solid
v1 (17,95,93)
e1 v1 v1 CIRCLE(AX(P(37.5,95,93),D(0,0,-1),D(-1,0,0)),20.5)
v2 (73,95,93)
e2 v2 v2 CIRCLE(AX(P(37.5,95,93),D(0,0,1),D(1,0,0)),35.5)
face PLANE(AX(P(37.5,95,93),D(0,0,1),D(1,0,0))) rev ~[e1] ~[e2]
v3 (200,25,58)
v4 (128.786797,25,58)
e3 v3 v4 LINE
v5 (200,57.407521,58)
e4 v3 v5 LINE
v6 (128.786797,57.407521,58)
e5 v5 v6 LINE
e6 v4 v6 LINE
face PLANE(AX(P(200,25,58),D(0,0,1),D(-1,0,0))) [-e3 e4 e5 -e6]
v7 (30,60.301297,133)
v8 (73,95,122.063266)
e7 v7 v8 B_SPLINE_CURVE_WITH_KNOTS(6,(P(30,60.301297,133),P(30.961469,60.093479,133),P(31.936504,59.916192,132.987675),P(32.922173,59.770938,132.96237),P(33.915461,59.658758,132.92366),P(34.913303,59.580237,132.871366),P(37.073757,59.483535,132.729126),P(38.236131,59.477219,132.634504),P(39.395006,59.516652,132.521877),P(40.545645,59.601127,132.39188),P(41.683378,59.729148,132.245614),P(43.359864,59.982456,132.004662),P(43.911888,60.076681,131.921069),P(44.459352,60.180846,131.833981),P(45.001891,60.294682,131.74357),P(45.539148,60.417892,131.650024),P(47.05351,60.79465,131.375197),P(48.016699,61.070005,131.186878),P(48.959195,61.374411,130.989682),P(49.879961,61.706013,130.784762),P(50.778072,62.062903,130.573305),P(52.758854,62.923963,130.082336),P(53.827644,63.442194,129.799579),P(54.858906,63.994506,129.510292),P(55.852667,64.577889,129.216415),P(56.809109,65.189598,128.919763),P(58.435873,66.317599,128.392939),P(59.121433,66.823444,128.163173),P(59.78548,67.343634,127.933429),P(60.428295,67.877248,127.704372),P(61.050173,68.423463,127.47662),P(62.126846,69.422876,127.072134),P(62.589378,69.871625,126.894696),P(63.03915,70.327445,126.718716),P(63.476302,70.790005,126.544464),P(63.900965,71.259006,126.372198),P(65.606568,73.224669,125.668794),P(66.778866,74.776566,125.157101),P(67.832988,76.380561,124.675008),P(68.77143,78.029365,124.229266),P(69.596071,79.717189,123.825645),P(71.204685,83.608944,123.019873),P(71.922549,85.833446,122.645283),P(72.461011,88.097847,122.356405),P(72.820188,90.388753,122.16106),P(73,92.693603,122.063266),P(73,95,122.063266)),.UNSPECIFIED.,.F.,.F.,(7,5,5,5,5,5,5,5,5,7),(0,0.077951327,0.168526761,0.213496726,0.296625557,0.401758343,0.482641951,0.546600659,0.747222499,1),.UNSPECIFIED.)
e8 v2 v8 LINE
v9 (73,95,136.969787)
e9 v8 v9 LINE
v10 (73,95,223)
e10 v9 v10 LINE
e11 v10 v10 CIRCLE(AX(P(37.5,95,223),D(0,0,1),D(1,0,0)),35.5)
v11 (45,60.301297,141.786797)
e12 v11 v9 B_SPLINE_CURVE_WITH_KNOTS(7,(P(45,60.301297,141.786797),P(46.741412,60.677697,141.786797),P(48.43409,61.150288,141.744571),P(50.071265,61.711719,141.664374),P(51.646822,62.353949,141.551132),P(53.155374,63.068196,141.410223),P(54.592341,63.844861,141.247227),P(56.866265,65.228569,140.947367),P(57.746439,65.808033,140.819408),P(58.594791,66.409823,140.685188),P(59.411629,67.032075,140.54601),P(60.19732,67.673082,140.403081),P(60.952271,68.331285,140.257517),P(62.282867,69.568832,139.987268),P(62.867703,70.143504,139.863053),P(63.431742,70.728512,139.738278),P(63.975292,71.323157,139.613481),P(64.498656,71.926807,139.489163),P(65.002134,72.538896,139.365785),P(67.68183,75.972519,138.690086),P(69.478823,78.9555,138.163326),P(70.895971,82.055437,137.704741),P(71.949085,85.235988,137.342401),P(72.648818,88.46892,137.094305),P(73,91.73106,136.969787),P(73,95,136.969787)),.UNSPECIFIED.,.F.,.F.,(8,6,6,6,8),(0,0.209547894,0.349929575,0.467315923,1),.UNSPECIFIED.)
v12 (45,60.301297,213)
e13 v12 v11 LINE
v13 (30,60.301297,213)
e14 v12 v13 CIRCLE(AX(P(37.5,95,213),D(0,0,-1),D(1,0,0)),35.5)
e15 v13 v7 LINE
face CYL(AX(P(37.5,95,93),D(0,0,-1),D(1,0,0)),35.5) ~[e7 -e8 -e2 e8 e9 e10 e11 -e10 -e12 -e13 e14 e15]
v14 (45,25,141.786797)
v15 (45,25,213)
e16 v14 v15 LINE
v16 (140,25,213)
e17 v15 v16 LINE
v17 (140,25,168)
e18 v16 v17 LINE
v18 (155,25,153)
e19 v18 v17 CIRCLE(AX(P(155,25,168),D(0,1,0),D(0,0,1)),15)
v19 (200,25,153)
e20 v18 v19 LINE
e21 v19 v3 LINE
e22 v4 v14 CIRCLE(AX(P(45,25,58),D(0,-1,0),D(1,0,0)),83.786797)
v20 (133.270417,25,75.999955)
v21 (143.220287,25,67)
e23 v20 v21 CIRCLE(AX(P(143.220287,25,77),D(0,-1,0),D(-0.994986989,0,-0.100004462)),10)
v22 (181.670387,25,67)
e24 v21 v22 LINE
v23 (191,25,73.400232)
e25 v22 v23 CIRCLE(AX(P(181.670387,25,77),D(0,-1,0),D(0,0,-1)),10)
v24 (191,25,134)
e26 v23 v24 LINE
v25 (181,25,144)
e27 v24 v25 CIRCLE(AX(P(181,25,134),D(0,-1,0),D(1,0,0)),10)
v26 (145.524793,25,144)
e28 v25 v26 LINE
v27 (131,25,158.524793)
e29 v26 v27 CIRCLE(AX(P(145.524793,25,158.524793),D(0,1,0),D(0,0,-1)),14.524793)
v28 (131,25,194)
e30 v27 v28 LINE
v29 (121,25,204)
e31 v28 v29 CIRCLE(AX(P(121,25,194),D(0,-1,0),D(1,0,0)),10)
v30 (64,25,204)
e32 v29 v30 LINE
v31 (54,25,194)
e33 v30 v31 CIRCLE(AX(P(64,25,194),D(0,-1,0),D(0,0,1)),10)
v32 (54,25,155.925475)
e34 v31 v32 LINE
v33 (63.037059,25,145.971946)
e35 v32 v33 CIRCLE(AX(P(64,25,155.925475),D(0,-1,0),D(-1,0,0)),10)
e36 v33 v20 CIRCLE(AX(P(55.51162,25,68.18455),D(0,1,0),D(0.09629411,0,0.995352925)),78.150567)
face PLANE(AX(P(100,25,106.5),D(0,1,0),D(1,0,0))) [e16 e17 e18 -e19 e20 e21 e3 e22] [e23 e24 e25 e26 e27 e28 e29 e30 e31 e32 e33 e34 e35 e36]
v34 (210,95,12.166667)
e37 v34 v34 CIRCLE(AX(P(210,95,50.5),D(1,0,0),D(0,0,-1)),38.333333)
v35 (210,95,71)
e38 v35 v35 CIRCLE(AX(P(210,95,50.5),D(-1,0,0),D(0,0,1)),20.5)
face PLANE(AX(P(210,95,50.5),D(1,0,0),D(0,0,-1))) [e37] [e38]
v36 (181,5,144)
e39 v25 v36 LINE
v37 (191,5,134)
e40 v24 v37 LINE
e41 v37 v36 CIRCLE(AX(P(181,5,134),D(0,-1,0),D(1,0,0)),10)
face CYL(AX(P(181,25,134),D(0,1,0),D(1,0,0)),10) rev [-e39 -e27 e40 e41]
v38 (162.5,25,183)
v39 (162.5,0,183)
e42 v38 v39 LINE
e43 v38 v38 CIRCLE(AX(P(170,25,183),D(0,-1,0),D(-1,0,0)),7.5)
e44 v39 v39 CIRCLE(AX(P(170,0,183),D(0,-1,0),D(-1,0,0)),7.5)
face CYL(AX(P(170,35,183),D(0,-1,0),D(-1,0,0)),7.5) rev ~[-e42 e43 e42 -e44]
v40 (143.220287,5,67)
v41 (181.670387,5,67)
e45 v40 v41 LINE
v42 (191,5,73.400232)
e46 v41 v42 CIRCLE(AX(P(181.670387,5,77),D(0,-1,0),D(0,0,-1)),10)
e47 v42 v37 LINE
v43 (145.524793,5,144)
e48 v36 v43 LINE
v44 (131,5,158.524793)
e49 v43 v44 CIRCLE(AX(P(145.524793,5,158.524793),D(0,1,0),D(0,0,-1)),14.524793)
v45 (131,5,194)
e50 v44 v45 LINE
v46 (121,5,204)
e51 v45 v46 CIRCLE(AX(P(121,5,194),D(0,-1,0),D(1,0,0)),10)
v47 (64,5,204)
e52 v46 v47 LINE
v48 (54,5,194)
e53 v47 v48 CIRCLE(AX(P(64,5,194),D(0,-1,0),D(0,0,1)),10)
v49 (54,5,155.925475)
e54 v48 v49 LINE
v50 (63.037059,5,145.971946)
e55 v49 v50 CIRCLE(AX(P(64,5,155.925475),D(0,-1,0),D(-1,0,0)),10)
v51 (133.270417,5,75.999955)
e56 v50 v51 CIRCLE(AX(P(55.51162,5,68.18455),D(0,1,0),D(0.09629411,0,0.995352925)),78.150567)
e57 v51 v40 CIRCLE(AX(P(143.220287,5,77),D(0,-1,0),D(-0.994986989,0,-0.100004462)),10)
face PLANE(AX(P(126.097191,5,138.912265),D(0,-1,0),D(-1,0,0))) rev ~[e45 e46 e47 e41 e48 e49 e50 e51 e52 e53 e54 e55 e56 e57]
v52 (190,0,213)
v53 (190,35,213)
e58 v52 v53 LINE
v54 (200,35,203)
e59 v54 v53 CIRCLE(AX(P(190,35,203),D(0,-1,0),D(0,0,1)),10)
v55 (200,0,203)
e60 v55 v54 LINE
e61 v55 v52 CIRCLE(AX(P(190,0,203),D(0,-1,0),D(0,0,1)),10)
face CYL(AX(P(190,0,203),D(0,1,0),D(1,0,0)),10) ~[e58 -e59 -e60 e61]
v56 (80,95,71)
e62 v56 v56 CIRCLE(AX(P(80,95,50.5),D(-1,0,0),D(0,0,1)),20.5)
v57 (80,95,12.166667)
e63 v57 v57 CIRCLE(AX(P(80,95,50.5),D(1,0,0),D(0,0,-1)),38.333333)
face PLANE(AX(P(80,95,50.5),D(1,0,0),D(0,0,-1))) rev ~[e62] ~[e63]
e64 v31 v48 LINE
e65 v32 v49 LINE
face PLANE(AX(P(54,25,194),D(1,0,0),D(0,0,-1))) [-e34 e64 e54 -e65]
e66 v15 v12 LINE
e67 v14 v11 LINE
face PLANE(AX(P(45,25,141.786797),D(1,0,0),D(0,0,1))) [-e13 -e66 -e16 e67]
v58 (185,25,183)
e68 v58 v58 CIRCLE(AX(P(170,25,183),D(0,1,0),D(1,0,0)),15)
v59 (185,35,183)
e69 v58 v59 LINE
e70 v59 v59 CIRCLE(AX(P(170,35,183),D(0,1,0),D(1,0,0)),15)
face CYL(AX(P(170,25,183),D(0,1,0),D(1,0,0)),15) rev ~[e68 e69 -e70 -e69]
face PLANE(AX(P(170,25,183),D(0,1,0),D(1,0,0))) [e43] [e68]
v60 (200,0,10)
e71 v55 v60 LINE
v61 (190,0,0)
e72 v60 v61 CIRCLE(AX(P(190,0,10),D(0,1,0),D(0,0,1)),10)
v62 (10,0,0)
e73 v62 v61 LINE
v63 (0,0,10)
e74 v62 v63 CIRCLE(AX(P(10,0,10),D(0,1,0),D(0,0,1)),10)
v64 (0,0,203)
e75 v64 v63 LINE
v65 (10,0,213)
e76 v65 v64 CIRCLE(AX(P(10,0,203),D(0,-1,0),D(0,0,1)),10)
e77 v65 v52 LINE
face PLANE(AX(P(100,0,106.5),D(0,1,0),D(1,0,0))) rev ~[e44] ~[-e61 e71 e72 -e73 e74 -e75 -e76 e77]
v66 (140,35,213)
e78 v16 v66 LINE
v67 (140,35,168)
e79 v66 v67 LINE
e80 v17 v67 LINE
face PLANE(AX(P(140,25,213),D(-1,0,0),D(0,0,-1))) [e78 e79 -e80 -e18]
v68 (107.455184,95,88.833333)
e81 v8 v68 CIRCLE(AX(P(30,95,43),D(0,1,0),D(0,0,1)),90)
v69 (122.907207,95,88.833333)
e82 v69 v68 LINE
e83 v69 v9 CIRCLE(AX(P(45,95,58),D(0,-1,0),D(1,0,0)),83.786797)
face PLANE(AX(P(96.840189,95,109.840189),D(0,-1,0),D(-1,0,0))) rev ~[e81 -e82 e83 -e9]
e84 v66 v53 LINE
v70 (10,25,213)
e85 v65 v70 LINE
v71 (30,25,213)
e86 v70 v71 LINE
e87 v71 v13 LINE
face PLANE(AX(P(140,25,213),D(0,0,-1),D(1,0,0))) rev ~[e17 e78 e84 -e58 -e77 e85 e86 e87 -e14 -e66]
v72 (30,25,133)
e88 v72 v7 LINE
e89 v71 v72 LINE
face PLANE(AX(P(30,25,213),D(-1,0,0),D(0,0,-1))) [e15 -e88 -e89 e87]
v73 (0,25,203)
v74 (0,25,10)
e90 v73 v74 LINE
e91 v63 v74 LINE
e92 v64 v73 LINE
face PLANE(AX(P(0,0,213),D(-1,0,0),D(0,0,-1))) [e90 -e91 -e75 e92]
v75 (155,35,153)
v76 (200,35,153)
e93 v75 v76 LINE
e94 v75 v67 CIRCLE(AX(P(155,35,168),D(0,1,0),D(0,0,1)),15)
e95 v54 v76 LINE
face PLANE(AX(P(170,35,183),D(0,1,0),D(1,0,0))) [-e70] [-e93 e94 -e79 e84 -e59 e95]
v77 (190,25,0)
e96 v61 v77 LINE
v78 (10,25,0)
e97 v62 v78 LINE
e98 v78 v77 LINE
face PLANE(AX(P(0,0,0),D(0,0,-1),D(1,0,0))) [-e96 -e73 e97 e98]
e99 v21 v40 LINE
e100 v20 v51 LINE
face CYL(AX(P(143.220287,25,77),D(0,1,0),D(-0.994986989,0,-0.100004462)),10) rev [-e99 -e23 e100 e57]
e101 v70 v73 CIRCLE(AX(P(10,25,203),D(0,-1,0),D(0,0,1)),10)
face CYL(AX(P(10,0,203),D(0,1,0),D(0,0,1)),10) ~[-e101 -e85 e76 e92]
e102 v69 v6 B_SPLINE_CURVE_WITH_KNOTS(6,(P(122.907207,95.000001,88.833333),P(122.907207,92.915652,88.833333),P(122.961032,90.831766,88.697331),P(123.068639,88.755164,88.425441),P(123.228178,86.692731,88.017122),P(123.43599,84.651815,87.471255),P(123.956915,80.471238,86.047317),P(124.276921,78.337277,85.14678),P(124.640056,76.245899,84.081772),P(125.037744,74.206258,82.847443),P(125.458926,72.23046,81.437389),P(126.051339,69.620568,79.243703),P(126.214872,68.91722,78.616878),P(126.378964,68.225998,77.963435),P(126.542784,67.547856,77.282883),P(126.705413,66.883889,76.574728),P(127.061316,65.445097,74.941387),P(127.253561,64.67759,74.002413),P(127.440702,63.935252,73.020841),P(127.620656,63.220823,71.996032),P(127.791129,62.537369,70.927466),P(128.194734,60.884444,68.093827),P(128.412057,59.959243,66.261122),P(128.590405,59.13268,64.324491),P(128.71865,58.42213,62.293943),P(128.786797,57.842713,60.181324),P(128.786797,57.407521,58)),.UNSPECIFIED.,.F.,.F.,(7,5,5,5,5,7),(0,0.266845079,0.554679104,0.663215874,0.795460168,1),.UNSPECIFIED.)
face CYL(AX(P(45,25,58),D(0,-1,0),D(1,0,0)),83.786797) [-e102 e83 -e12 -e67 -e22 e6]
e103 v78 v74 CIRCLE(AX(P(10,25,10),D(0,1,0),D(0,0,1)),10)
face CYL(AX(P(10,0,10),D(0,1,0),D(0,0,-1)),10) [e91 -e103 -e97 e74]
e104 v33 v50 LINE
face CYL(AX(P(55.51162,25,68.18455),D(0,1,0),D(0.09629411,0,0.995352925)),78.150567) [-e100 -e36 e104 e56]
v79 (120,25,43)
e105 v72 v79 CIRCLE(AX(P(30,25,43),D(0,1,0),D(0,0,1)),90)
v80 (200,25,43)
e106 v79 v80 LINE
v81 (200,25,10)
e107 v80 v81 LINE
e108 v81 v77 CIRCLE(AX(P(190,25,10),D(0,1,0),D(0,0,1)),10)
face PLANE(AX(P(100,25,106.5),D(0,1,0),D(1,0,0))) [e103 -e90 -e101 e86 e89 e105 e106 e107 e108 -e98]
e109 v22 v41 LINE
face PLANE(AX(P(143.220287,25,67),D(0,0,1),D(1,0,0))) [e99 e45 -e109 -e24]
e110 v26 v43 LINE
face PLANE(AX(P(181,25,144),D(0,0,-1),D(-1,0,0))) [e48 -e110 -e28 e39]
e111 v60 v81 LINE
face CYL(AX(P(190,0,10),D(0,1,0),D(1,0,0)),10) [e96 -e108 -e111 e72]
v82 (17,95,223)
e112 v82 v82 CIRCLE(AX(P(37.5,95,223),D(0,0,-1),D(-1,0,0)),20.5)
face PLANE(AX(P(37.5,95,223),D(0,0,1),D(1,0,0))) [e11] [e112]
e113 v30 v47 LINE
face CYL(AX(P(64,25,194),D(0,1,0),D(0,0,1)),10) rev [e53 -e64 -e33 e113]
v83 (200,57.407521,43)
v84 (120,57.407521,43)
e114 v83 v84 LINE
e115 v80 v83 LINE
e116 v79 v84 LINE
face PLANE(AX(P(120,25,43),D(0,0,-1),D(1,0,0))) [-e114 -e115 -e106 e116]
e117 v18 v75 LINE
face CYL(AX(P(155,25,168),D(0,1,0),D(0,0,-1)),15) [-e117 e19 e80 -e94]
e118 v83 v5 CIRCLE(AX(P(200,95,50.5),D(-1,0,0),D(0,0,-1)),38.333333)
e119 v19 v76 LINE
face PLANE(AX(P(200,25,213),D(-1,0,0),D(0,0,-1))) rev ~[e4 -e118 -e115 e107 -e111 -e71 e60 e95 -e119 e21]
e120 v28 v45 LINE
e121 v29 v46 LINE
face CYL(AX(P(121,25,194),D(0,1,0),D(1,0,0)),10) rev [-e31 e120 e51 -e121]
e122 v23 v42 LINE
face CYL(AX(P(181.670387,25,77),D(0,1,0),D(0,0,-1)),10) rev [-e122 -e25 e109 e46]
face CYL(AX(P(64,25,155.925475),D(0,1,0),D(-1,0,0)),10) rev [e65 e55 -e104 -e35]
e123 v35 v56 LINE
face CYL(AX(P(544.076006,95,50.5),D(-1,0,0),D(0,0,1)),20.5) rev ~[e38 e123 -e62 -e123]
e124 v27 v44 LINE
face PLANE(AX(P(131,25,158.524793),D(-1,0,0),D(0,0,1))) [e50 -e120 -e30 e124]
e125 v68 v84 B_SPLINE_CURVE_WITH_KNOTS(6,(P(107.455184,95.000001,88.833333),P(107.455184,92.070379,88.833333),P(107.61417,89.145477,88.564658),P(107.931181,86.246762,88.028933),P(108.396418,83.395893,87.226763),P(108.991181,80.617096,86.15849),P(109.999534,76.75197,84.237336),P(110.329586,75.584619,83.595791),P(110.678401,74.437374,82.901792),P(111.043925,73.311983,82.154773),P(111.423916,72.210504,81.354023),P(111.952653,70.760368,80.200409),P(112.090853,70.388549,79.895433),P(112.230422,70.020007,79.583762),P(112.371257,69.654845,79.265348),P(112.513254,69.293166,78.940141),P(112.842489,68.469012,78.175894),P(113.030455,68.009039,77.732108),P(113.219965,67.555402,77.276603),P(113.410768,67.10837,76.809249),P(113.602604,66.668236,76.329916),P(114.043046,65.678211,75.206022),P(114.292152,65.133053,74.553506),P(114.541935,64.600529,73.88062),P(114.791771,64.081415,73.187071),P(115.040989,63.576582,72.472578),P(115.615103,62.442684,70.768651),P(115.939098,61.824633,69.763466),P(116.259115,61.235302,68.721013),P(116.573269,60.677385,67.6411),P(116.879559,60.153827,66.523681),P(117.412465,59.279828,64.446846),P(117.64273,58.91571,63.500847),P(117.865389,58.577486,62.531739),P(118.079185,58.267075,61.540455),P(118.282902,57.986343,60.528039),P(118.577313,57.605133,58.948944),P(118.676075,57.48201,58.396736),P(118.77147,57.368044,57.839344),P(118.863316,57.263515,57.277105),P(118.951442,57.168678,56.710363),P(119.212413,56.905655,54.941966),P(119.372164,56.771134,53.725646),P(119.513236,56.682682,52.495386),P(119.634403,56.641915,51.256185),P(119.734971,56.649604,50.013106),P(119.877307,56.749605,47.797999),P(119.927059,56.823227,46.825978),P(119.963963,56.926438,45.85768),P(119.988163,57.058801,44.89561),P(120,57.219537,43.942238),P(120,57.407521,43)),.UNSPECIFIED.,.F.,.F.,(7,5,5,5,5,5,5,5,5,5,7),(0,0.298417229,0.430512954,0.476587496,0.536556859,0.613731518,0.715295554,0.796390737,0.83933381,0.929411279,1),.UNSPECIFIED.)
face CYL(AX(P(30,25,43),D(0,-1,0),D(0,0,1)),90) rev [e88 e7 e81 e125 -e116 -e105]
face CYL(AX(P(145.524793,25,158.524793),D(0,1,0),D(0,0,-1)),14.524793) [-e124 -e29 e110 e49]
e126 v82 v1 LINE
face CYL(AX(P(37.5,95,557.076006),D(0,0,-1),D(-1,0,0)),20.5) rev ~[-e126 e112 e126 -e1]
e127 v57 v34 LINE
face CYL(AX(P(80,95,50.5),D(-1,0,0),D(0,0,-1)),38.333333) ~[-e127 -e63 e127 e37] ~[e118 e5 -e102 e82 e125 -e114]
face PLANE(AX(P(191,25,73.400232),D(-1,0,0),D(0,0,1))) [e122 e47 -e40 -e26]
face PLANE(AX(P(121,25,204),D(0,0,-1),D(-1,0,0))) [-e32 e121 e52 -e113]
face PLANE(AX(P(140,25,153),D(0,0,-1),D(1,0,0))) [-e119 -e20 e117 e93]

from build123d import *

# Parameters (mm, degrees)
SKETCH1_W                               = 200
SKETCH1_H                               = 213
BOSS_EXTRUDE1_DEPTH                     = 25
SKETCH2_W                               = 60
SKETCH2_H                               = 60
BOSS_EXTRUDE2_DEPTH                     = 10
CUT_EXTRUDE1_DEPTH                      = 20
BOSS_EXTRUDE3_DEPTH                     = 70
BOSS_EXTRUDE5_DEPTH                     = 10
BOSS_EXTRUDE5_DEPTH_BACK                = 120
SKETCH6_R                               = 35.5
BOSS_EXTRUDE6_DEPTH                     = 10
BOSS_EXTRUDE6_DEPTH_BACK                = 120
SKETCH7_R                               = 38.333333333
F_12_0_41_DIAMETER_HOLE1_D              = 41
F_12_0MM_DOWEL_HOLE1_D                  = 41
CBORE_FOR_M8_HEX_HEAD_BOLT1_D           = 15
CBORE_FOR_M8_HEX_HEAD_BOLT1_CBORE_D     = 30
CBORE_FOR_M8_HEX_HEAD_BOLT1_CBORE_DEPTH = 10
FILLET1_R                               = 10
FILLET2_R                               = 15


with BuildPart() as part:
    # Sketch1 → Boss-Extrude1 (new body)
    with BuildSketch(Plane(origin=(0, 0, 0), x_dir=(1, 0, 0), z_dir=(0, 1, 0))):
        with Locations((100, -106.5)):
            Rectangle(SKETCH1_W, SKETCH1_H)
    extrude(amount=BOSS_EXTRUDE1_DEPTH)

    # Sketch2 → Boss-Extrude2 (add)
    with BuildSketch(Plane(origin=(0, 25, 0), x_dir=(1, 0, 0), z_dir=(0, 1, 0))):
        with Locations((170, -183)):
            Rectangle(SKETCH2_W, SKETCH2_H)
    extrude(amount=BOSS_EXTRUDE2_DEPTH)

    # Sketch5 → Cut-Extrude1 (cut)
    with BuildSketch(Plane(origin=(0, 25, 0), x_dir=(1, 0, 0), z_dir=(0, 1, 0))):
        with BuildLine():
            Line((191, -73.400231973), (191, -134))
            ThreePointArc((191, -134), (188.071067812, -141.071067812), (181, -144))
            Line((181, -144), (145.524792721, -144))
            ThreePointArc((145.524792721, -144), (135.254213293, -148.254213293), (131, -158.524792721))
            Line((131, -158.524792721), (131, -194))
            ThreePointArc((131, -194), (128.071067812, -201.071067812), (121, -204))
            Line((121, -204), (64, -204))
            ThreePointArc((64, -204), (56.928932188, -201.071067812), (54, -194))
            Line((54, -194), (54, -155.925475005))
            ThreePointArc((54, -155.925475005), (56.596304606, -149.203474223), (63.037058903, -145.97194576))
            ThreePointArc((63.037058903, -145.97194576), (110.669303842, -123.548265985), (133.270417334, -75.999955378))
            ThreePointArc((133.270417334, -75.999955378), (136.512099917, -69.583786471), (143.22028722, -67))
            Line((143.22028722, -67), (181.67038746, -67))
            ThreePointArc((181.67038746, -67), (187.327344227, -68.753859076), (191, -73.400231973))
        make_face()
    extrude(amount=-CUT_EXTRUDE1_DEPTH, mode=Mode.SUBTRACT)

    # Sketch3 → Boss-Extrude3 (add)
    with BuildSketch(Plane(origin=(0, 25, 0), x_dir=(1, 0, 0), z_dir=(0, 1, 0))):
        with BuildLine():
            Line((30, -213), (30, -133))
            ThreePointArc((30, -133), (93.639610307, -106.639610307), (120, -43))
            Line((120, -43), (200, -43))
            Line((200, -43), (200, -58))
            Line((200, -58), (128.786796564, -58))
            ThreePointArc((128.786796564, -58), (104.246212025, -117.246212025), (45, -141.786796564))
            Line((45, -141.786796564), (45, -213))
            Line((45, -213), (30, -213))
        make_face()
    extrude(amount=BOSS_EXTRUDE3_DEPTH)

    # Sketch6 → Boss-Extrude5 (add, two sides: drawn at the far end of the back side and taken through both)
    with BuildSketch(Plane.XY.offset(213).offset(-BOSS_EXTRUDE5_DEPTH_BACK)):
        with Locations((37.5, 95)):
            Circle(SKETCH6_R)
    extrude(amount=BOSS_EXTRUDE5_DEPTH + BOSS_EXTRUDE5_DEPTH_BACK)

    # Sketch7 → Boss-Extrude6 (add, two sides: drawn at the far end of the back side and taken through both)
    with BuildSketch(Plane(origin=(200, 0, 0), x_dir=(0, 0, -1), z_dir=(1, 0, 0)).offset(-BOSS_EXTRUDE6_DEPTH_BACK)):
        with Locations((-50.5, 95)):
            Circle(SKETCH7_R)
    extrude(amount=BOSS_EXTRUDE6_DEPTH + BOSS_EXTRUDE6_DEPTH_BACK)

    # Ø12.0 (41) Diameter Hole1 (through all)
    with Locations(Plane(origin=(210, 0, 0), x_dir=(0, 0, -1), z_dir=(1, 0, 0))):
        with Locations((-50.5, 95)):
            Hole(F_12_0_41_DIAMETER_HOLE1_D / 2)

    # Ø12.0mm Dowel Hole1 (through all)
    with Locations(Plane.XY.offset(223)):
        with Locations((37.5, 95)):
            Hole(F_12_0MM_DOWEL_HOLE1_D / 2)

    # CBORE for M8 Hex Head Bolt1 (through all)
    with Locations(Plane(origin=(0, 35, 0), x_dir=(1, 0, 0), z_dir=(0, 1, 0))):
        with Locations((170, -183)):
            CounterBoreHole(CBORE_FOR_M8_HEX_HEAD_BOLT1_D / 2, CBORE_FOR_M8_HEX_HEAD_BOLT1_CBORE_D / 2, CBORE_FOR_M8_HEX_HEAD_BOLT1_CBORE_DEPTH)

    # Fillet1
    fillet1_edges = [part.edges().sort_by_distance(p)[0] for p in [
        (0, 12.5, 0),
        (200, 12.5, 0),
        (200, 17.5, 213),
        (0, 12.5, 213),
    ]]
    fillet(fillet1_edges, radius=FILLET1_R)

    # Fillet2
    fillet2_edges = [part.edges().sort_by_distance(p)[0] for p in [
        (140, 30, 153),
    ]]
    fillet(fillet2_edges, radius=FILLET2_R)


solid = part.part
